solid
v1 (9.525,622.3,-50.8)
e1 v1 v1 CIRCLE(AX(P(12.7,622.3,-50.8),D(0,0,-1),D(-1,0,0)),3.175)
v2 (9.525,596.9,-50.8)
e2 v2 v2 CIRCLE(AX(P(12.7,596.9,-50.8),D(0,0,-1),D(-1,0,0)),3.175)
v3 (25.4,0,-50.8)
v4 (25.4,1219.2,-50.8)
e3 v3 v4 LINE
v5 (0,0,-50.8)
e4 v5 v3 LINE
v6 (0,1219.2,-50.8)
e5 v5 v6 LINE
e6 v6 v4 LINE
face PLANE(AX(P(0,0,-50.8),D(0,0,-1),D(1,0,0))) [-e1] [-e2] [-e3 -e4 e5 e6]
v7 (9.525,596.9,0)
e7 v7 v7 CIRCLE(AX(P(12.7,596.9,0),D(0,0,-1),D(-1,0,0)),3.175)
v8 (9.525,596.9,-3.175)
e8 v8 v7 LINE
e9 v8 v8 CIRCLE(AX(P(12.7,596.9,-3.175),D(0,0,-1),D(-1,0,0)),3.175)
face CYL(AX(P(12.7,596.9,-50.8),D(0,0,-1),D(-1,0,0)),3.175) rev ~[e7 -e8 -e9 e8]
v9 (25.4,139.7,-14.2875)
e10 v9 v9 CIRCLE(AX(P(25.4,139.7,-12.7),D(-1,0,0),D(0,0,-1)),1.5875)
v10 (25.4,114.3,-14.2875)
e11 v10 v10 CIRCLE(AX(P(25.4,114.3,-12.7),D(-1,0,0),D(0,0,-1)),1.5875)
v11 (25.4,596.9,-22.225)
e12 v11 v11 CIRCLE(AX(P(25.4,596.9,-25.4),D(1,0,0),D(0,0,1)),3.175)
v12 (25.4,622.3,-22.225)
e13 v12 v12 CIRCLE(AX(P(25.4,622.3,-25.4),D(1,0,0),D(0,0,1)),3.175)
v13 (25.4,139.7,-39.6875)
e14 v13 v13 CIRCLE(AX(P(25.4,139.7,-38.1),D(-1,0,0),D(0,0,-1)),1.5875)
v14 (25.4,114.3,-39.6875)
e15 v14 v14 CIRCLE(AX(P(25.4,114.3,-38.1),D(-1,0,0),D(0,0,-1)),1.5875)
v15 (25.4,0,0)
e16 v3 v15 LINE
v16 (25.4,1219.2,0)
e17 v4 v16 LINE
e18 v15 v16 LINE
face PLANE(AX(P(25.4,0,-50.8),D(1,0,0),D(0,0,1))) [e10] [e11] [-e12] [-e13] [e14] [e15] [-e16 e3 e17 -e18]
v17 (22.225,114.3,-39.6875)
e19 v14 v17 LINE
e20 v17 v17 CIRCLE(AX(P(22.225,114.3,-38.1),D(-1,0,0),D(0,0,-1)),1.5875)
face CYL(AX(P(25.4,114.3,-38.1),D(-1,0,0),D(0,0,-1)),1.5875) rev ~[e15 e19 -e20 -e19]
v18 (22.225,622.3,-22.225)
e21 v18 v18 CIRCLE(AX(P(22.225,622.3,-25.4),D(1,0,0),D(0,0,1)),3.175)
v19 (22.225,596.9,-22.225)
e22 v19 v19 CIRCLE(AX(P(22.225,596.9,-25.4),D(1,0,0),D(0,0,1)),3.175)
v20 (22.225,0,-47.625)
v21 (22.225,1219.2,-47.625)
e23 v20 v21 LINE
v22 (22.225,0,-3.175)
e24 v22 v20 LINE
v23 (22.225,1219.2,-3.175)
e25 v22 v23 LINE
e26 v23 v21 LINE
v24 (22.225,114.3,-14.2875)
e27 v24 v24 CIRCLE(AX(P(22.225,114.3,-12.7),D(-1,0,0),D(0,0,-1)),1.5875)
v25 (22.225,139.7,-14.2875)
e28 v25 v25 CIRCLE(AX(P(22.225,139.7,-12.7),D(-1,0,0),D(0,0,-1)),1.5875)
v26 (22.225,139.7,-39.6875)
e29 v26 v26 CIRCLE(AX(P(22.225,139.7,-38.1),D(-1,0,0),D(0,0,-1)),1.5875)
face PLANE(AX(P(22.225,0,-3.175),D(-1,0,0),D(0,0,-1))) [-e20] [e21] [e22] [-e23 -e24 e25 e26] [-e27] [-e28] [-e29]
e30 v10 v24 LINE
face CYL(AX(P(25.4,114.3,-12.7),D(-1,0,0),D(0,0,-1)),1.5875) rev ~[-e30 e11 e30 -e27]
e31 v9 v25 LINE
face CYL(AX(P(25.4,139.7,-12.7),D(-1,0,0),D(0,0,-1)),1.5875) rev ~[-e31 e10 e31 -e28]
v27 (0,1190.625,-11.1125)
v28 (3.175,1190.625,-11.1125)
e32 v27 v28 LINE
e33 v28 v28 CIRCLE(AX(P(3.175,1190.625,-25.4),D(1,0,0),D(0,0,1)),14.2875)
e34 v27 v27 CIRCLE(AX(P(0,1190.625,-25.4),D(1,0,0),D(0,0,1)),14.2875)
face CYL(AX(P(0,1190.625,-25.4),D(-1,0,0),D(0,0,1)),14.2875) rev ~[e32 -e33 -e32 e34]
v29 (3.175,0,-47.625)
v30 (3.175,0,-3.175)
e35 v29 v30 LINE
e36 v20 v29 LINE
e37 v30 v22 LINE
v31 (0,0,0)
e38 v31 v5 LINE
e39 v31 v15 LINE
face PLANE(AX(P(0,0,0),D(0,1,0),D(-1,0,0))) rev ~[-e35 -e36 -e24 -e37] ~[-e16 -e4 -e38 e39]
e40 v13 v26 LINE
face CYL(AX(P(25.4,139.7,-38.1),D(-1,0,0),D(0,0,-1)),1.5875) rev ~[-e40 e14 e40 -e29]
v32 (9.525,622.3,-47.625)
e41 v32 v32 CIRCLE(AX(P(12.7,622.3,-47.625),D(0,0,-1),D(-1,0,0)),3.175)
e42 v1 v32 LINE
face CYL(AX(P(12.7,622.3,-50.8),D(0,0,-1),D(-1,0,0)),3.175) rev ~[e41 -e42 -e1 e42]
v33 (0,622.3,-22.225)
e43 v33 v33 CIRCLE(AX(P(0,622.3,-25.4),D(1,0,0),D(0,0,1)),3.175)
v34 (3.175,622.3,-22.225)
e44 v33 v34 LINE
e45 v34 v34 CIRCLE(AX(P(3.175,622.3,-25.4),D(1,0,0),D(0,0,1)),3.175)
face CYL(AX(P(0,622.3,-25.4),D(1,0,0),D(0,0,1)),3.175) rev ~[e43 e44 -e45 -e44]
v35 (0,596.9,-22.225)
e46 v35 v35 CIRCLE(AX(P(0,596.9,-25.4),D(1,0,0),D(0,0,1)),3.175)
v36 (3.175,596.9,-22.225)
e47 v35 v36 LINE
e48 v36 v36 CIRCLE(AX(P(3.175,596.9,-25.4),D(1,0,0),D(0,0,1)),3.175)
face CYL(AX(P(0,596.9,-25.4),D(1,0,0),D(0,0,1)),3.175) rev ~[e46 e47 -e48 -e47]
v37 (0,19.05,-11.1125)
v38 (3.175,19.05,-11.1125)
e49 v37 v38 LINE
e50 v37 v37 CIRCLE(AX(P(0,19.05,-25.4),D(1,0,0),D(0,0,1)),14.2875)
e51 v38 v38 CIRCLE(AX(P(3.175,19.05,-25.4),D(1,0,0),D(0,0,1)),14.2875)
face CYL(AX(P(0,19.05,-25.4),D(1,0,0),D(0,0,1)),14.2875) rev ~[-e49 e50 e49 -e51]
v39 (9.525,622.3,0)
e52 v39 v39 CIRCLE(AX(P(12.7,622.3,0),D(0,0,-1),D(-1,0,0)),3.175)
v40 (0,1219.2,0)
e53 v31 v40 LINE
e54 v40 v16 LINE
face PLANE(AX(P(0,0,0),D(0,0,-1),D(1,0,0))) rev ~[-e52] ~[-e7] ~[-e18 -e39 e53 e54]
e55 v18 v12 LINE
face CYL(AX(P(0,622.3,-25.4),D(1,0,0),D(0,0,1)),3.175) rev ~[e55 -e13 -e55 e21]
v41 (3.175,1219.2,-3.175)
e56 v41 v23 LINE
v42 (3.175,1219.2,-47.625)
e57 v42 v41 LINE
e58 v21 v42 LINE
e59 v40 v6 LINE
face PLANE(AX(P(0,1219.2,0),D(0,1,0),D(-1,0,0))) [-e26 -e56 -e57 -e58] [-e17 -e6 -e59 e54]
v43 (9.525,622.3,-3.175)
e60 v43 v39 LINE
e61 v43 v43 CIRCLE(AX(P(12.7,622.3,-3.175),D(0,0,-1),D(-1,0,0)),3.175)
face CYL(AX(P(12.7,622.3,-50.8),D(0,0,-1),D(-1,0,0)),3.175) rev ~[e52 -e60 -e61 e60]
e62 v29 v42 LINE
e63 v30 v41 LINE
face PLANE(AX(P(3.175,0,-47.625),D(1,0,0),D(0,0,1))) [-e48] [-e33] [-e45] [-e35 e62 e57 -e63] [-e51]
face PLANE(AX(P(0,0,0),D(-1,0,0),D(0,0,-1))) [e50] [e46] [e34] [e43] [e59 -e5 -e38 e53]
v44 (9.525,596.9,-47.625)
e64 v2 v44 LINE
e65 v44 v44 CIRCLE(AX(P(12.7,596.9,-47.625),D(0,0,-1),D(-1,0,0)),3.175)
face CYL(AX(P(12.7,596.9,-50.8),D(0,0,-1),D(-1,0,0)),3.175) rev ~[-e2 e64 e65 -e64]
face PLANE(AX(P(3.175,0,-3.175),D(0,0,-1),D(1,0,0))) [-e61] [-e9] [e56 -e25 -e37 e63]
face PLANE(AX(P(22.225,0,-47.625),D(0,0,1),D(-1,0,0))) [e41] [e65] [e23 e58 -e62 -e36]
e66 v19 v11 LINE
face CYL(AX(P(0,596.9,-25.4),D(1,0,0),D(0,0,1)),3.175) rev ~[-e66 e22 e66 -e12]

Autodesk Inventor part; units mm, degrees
ref_plane "YZ Plane" through (0, 0, 0) normal (1, 0, 0) x (0, 1, 0)
ref_plane "XZ Plane" through (0, 0, 0) normal (0, 1, 0) x (-1, 0, 0)
ref_plane "XY Plane" through (0, 0, 0) normal (0, 0, 1) x (1, 0, 0)
sketch "Sketch2" plane through (0, 0, 0) normal (0, 1, 0) x (-1, 0, 0)
  line L0 (0, 0) -> (-25.4, 0)
  line L1 (-25.4, 0) -> (0, 0)
  line L2 (0, 0) -> (0, -50.8)
  line L3 (0, -50.8) -> (-25.4, -50.8)
  line L4 (-25.4, -50.8) -> (-25.4, 0)
  line L5 (-22.225, -47.625) -> (-3.175, -47.625)
  line L6 (-3.175, -47.625) -> (-3.175, -3.175)
  line L7 (-3.175, -3.175) -> (-22.225, -3.175)
  line L8 (-22.225, -3.175) -> (-22.225, -47.625)
  dimension "d2" = 25.4
  dimension "d3" = 50.8
  dimension "d4" = 19.05
  dimension "d5" = 44.45
  dimension "d6" = 3.175
  dimension "d7" = 3.175
extrude "Extrusion1" add sketch "Sketch2" along normal blind 1219.2
sketch "Sketch3" plane through (25.4, 0, -50.8) normal (0, 0, -1) x (-1, 0, 0)
  line L0 (25.4, 1219.2) -> (25.4, 609.6) construction
  line L1 (25.4, 0) -> (25.4, 1219.2) projected
  line L2 (25.4, 609.6) -> (0, 609.6) construction
  line L3 (0, 0) -> (0, 1219.2) projected
  line L4 (12.7, 609.6) -> (12.7, 622.3) construction
  circle A0 centre (12.7, 622.3) radius 3.175
  line L5 (12.7, 609.6) -> (12.7, 596.9) construction
  circle A1 centre (12.7, 596.9) radius 3.175
  dimension "d10" = 1219.2
  dimension "d11" = 609.6
  dimension "d12" = 12.7
  dimension "d13" = 6.35
extrude "Extrusion2" cut sketch "Sketch3" against normal blind 1219.2
sketch "Sketch4" plane through (0, 0, -50.8) normal (-1, 0, 0) x (0, 0, 1)
  line L0 (3.175, 1219.2) -> (47.625, 1219.2) projected
  line L1 (25.4, 1219.2) -> (25.4, 1190.625)
  circle A0 centre (25.4, 1190.625) radius 14.2875
  point P0 (50.8, 0)
  dimension "d16" = 28.575
  dimension "d17" = 28.575
extrude "Extrusion3" cut sketch "Sketch4" against normal blind 6.35
sketch "Sketch5" plane through (25.4, 0, 0) normal (1, 0, 0) x (0, 0, -1)
  line L0 (47.625, 0) -> (3.175, 0) construction
  line L1 (25.4, 0) -> (25.4, 114.3) construction
  line L2 (50.8, 0) -> (50.8, 1219.2) construction
  line L3 (50.8, 0) -> (38.1, 0) construction
  circle A0 centre (38.1, 114.3) radius 1.5875
  circle A1 centre (12.7, 114.3) radius 1.5875
  line L4 (0, 0) -> (0, 1219.2) construction
  line L5 (0, 127) -> (50.8, 127) construction
  circle A2 centre (38.1, 139.7) radius 1.5875
  circle A3 centre (12.7, 139.7) radius 1.5875
  dimension "d20" = 114.3
  dimension "d21" = 12.7
  dimension "d22" = 3.175
hole "Hole1" at (25.4, 139.7, -12.7) at (25.4, 114.3, -12.7) at (25.4, 114.3, -38.1) at (25.4, 139.7, -38.1) direction (-1, 0, 0) diameter 3.175 depth 3.175 tip angle 118
sketch "Sketch7" plane through (0, 0, -50.8) normal (-1, 0, 0) x (0, 0, 1)
  circle A0 centre (25.4, 19.05) radius 14.7752
  point P0 (50.8, 0)
  point P1 (39.6875, 22.815)
hole "Hole3" at (0, 19.05, -25.4) direction (1, 0, 0) diameter 28.575 depth 3.175 tip angle 118
sketch "Sketch8" plane through (25.4, 0, 0) normal (1, 0, 0) x (0, 0, -1)
  point P0 (0, 0)
sketch "Sketch9" plane through (0, 0, 0) normal (0, 0, 1) x (1, 0, 0)
  circle A0 centre (12.7, 596.9) radius 3.175 projected
  line L0 (12.7, 596.9) -> (12.7, 0)
  point P0 (0, 0)
  dimension "d48" = 596.9
sketch "Sketch10" plane through (0, 0, -50.8) normal (-1, 0, 0) x (0, 0, 1)
  circle A0 centre (25.4, 596.9) radius 3.175
  line L0 (50.8, 0) -> (50.8, 1219.2) projected
  line L1 (50.8, 0) -> (0, 0) projected
  line L2 (0, 0) -> (0, 1219.2) projected
  line L3 (0, 609.6) -> (50.8, 609.6)
  line L4 (50.8, 0) -> (50.8, 1219.2) projected
  line L5 (0, 1219.2) -> (50.8, 1219.2) projected
  circle A1 centre (25.4, 622.3) radius 3.175
  dimension "d49" = 6.35
  dimension "d50" = 25.4
  dimension "d51" = 596.9
  dimension "d52" = 609.6
hole "Hole4" at (0, 622.3, -25.4) at (0, 596.9, -25.4) direction (1, 0, 0) diameter 6.35 depth 25.4 tip angle 118
properties part number "main beam" material "Aluminum 6061"
